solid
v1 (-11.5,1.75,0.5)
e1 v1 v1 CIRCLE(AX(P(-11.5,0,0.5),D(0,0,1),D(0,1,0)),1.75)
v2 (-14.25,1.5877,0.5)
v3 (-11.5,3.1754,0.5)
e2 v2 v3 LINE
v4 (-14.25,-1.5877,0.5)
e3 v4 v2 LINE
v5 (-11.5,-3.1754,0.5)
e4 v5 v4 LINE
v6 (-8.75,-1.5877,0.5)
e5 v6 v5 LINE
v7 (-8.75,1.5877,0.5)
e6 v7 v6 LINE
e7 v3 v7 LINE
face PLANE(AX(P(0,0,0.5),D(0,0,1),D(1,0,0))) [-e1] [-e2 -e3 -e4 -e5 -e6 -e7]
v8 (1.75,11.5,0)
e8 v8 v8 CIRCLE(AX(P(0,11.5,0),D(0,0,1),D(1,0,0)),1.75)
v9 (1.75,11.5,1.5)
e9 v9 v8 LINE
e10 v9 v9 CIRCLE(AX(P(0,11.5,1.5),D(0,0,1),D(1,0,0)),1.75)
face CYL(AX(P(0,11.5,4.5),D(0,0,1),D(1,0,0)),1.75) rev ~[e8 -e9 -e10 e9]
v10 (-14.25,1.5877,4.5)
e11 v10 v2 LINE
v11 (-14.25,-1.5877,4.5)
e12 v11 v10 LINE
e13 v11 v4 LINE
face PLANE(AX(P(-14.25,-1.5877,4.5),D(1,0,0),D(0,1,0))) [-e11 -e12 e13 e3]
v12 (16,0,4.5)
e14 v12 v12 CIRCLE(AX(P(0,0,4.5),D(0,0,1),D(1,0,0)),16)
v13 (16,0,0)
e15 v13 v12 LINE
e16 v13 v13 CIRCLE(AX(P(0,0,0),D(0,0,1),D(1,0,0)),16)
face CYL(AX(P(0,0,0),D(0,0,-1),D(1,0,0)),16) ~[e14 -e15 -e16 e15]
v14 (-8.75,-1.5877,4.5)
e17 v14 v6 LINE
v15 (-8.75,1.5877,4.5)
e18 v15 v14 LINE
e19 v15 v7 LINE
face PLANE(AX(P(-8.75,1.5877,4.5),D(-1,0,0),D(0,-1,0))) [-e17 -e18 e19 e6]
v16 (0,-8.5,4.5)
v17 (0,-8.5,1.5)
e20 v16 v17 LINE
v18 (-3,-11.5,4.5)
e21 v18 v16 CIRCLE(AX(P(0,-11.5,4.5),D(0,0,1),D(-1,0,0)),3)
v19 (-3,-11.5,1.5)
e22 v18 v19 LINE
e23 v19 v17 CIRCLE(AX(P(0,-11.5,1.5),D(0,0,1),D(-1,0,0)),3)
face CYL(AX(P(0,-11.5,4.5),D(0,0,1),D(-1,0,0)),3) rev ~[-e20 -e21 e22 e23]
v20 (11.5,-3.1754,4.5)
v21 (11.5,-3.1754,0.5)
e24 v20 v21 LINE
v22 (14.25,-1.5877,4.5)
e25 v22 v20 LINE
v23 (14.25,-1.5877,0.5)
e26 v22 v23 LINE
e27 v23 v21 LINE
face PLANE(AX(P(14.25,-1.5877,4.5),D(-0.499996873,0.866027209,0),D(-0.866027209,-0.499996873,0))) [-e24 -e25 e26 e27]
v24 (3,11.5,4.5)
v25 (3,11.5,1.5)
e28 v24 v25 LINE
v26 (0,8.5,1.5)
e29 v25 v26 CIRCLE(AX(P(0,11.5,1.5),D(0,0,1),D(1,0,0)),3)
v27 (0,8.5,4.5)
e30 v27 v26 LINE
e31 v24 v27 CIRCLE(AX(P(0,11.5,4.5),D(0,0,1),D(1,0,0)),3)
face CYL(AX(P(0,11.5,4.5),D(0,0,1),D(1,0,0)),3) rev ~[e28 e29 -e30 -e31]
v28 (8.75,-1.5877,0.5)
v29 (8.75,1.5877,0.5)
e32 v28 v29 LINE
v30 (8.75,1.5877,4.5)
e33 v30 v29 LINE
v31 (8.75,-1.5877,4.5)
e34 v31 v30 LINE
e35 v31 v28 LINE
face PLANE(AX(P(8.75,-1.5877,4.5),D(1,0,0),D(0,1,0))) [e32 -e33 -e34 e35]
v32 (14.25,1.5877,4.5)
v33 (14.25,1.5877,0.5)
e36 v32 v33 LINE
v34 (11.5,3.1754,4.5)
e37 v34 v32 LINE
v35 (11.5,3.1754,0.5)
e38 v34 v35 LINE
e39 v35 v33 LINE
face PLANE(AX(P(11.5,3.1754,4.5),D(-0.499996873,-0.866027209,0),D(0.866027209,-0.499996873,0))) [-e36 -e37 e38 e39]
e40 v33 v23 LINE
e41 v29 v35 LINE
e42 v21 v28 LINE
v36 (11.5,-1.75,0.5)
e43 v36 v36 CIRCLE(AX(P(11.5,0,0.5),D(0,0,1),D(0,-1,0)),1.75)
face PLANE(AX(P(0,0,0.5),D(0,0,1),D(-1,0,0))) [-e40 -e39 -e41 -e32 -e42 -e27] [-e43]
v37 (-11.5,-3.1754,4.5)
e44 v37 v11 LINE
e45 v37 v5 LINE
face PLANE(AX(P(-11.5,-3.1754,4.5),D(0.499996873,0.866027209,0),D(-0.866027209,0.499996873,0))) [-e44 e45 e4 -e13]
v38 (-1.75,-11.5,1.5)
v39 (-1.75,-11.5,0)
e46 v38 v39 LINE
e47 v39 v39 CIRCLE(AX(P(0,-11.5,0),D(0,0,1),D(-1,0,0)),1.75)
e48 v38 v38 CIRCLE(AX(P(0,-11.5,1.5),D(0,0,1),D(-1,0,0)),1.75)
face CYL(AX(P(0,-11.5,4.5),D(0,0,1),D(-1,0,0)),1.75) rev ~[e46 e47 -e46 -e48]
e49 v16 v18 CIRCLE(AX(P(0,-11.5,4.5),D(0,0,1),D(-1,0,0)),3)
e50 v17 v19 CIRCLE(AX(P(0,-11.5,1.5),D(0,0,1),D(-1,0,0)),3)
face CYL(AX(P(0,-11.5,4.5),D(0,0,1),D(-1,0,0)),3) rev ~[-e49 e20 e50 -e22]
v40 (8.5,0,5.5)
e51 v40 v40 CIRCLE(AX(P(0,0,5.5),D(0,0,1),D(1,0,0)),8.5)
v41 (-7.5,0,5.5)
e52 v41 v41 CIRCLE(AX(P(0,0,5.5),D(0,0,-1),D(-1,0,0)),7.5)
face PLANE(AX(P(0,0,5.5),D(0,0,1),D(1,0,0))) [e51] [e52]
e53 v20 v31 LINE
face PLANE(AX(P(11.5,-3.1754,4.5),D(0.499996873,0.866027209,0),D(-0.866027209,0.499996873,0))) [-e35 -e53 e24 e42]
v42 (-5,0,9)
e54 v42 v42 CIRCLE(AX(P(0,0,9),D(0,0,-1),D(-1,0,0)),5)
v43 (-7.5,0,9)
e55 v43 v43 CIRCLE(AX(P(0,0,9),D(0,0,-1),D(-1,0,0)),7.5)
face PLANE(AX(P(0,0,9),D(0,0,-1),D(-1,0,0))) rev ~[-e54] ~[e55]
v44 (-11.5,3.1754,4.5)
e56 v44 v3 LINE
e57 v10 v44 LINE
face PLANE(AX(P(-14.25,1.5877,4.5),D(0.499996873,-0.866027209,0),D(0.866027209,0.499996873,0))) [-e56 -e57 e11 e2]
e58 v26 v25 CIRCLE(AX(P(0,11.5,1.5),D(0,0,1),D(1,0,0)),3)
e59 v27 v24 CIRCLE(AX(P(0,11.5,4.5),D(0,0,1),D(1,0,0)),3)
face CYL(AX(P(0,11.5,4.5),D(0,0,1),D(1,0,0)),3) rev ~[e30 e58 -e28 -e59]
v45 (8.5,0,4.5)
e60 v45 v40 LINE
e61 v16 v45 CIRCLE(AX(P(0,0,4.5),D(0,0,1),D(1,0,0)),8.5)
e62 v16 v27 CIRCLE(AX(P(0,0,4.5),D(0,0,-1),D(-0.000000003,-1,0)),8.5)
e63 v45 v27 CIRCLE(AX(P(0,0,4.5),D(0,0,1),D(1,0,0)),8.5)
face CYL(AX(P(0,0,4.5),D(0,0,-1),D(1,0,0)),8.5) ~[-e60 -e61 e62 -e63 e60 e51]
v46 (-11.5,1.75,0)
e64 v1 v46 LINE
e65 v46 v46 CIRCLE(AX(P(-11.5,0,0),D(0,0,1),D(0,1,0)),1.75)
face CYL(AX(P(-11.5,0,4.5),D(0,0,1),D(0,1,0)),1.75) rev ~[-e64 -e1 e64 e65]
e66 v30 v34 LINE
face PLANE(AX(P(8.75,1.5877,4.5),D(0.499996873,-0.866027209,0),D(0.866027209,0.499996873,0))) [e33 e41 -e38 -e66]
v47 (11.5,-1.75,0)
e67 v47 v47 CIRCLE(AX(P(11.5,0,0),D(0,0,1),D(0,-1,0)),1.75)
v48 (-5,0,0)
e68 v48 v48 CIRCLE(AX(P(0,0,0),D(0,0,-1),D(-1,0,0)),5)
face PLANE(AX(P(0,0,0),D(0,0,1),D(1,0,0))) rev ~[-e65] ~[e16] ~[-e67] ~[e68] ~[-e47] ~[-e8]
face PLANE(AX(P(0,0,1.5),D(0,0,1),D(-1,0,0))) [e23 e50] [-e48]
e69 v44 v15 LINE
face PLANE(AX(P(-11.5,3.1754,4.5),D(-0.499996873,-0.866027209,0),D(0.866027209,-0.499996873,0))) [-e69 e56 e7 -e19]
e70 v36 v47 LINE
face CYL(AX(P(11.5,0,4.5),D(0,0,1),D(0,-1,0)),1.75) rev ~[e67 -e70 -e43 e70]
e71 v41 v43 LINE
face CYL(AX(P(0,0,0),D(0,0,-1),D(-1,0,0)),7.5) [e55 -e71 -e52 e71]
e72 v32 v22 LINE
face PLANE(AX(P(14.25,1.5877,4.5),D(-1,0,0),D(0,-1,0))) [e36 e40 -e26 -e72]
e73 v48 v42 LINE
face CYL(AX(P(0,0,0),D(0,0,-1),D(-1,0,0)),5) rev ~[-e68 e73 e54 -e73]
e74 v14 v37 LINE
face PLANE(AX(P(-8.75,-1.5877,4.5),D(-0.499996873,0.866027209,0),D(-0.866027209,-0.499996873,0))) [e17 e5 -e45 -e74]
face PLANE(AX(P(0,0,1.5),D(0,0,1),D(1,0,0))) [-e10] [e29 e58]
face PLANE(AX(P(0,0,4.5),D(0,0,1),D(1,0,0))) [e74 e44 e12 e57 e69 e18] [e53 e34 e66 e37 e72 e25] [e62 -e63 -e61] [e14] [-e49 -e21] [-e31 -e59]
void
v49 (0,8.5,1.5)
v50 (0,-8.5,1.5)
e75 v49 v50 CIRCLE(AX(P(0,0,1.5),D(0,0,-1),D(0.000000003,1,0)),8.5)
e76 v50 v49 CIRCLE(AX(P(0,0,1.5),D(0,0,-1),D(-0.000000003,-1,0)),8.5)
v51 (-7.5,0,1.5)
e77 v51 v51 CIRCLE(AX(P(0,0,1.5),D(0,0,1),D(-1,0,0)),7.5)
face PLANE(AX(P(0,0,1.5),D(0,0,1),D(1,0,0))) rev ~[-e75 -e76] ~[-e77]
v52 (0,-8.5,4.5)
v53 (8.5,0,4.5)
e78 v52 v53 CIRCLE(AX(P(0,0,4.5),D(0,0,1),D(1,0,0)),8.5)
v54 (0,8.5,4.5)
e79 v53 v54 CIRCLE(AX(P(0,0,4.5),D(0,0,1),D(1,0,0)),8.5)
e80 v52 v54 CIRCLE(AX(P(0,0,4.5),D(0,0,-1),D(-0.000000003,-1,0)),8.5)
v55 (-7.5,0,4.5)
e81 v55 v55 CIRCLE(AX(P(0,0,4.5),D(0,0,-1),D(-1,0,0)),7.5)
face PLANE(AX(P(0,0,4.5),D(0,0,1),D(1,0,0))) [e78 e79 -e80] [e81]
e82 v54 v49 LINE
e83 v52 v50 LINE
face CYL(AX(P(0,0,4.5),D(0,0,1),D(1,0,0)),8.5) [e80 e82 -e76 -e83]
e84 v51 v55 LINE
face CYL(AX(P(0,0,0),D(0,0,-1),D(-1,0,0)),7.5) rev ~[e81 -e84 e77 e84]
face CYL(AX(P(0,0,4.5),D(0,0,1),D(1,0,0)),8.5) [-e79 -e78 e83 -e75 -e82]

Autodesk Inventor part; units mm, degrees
ref_plane "YZ Plane" through (0, 0, 0) normal (1, 0, 0) x (0, 1, 0)
ref_plane "XZ Plane" through (0, 0, 0) normal (0, 1, 0) x (-1, 0, 0)
ref_plane "XY Plane" through (0, 0, 0) normal (0, 0, 1) x (1, 0, 0)
sketch "Sketch1" plane through (0, 0, 0) normal (0, 0, 1) x (1, 0, 0)
  circle A0 centre (0, 0) radius 16
  dimension "d0" = 32
extrude "Extrusion1" add sketch "Sketch1" along normal blind 4.5
sketch "Sketch2" plane through (0, 0, 4.5) normal (0, 0, 1) x (1, 0, 0)
  circle A0 centre (0, 0) radius 16 projected
  circle A1 centre (0, 0) radius 8.5
  dimension "d5" = 17
extrude "Extrusion2" add sketch "Sketch2" along normal blind 1 contours A1
sketch "Sketch3" plane through (0, 0, 5.5) normal (0, 0, 1) x (1, 0, 0)
  circle A0 centre (0, 0) radius 8.5 projected
  circle A1 centre (0, 0) radius 7.5
  dimension "d10" = 15
extrude "Extrusion3" cut sketch "Sketch3" against normal through all contours A1
sketch "Sketch4" plane through (0, 0, 4.5) normal (0, 0, 1) x (1, 0, 0)
  circle A0 centre (0, 0) radius 8.5 projected
  circle A1 centre (0, 11.5) radius 1.75
  circle A2 centre (0, 11.5) radius 3
  dimension "d15" = 11.5
  dimension "d16" = 3.5
  dimension "d41" = 6
extrude "Extrusion4" cut sketch "Sketch4" against normal through all contours A1
pattern_circular "Circular Pattern1" count 4 over 360 about axis through (0, 0, 0) along (0, 0, 1) of "Extrusion4"
sketch "Sketch5" plane through (0, 0, 4.5) normal (0, 0, 1) x (1, 0, 0)
  circle A0 centre (0, 11.5) radius 1.75 projected
  circle A1 centre (0, 0) radius 8.5 projected
  arc A2 (0, 8.5) -> (0, 8.5) centre (0, 11.5) ccw
  circle A3 centre (0, 11.5) radius 3
  dimension "d22" = 6
  dimension "d40" = 6
extrude "Extrusion5" cut sketch "Sketch5" against normal blind 3
sketch "Sketch6" plane through (0, 0, 4.5) normal (0, 0, 1) x (1, 0, 0)
  circle A0 centre (-11.5, 0) radius 1.75 projected
  line L0 (-11.5, 3.1754) -> (-8.75, 1.5877)
  line L1 (-8.75, 1.5877) -> (-8.75, -1.5877)
  line L2 (-8.75, -1.5877) -> (-11.5, -3.1754)
  line L3 (-11.5, -3.1754) -> (-14.25, -1.5877)
  line L4 (-14.25, -1.5877) -> (-14.25, 1.5877)
  line L5 (-14.25, 1.5877) -> (-11.5, 3.1754)
  dimension "d28" = 5.5
extrude "Extrusion6" cut sketch "Sketch6" against normal blind 4
pattern_circular "Circular Pattern2" count 2 over 360 about axis through (0, 0, 0) along (0, 0, 1) of "Extrusion6", "Extrusion5"
sketch "Sketch7" plane through (0, 0, 0) normal (0, 0, -1) x (-1, 0, 0)
  circle A0 centre (0, 0) radius 7.5 projected
  circle A1 centre (0, 0) radius 16 projected
  circle A2 centre (0, 0) radius 5
  dimension "d34" = 10
extrude "Extrusion7" add sketch "Sketch7" against normal blind 9 contours A0
properties part number "bearing seat 2"
